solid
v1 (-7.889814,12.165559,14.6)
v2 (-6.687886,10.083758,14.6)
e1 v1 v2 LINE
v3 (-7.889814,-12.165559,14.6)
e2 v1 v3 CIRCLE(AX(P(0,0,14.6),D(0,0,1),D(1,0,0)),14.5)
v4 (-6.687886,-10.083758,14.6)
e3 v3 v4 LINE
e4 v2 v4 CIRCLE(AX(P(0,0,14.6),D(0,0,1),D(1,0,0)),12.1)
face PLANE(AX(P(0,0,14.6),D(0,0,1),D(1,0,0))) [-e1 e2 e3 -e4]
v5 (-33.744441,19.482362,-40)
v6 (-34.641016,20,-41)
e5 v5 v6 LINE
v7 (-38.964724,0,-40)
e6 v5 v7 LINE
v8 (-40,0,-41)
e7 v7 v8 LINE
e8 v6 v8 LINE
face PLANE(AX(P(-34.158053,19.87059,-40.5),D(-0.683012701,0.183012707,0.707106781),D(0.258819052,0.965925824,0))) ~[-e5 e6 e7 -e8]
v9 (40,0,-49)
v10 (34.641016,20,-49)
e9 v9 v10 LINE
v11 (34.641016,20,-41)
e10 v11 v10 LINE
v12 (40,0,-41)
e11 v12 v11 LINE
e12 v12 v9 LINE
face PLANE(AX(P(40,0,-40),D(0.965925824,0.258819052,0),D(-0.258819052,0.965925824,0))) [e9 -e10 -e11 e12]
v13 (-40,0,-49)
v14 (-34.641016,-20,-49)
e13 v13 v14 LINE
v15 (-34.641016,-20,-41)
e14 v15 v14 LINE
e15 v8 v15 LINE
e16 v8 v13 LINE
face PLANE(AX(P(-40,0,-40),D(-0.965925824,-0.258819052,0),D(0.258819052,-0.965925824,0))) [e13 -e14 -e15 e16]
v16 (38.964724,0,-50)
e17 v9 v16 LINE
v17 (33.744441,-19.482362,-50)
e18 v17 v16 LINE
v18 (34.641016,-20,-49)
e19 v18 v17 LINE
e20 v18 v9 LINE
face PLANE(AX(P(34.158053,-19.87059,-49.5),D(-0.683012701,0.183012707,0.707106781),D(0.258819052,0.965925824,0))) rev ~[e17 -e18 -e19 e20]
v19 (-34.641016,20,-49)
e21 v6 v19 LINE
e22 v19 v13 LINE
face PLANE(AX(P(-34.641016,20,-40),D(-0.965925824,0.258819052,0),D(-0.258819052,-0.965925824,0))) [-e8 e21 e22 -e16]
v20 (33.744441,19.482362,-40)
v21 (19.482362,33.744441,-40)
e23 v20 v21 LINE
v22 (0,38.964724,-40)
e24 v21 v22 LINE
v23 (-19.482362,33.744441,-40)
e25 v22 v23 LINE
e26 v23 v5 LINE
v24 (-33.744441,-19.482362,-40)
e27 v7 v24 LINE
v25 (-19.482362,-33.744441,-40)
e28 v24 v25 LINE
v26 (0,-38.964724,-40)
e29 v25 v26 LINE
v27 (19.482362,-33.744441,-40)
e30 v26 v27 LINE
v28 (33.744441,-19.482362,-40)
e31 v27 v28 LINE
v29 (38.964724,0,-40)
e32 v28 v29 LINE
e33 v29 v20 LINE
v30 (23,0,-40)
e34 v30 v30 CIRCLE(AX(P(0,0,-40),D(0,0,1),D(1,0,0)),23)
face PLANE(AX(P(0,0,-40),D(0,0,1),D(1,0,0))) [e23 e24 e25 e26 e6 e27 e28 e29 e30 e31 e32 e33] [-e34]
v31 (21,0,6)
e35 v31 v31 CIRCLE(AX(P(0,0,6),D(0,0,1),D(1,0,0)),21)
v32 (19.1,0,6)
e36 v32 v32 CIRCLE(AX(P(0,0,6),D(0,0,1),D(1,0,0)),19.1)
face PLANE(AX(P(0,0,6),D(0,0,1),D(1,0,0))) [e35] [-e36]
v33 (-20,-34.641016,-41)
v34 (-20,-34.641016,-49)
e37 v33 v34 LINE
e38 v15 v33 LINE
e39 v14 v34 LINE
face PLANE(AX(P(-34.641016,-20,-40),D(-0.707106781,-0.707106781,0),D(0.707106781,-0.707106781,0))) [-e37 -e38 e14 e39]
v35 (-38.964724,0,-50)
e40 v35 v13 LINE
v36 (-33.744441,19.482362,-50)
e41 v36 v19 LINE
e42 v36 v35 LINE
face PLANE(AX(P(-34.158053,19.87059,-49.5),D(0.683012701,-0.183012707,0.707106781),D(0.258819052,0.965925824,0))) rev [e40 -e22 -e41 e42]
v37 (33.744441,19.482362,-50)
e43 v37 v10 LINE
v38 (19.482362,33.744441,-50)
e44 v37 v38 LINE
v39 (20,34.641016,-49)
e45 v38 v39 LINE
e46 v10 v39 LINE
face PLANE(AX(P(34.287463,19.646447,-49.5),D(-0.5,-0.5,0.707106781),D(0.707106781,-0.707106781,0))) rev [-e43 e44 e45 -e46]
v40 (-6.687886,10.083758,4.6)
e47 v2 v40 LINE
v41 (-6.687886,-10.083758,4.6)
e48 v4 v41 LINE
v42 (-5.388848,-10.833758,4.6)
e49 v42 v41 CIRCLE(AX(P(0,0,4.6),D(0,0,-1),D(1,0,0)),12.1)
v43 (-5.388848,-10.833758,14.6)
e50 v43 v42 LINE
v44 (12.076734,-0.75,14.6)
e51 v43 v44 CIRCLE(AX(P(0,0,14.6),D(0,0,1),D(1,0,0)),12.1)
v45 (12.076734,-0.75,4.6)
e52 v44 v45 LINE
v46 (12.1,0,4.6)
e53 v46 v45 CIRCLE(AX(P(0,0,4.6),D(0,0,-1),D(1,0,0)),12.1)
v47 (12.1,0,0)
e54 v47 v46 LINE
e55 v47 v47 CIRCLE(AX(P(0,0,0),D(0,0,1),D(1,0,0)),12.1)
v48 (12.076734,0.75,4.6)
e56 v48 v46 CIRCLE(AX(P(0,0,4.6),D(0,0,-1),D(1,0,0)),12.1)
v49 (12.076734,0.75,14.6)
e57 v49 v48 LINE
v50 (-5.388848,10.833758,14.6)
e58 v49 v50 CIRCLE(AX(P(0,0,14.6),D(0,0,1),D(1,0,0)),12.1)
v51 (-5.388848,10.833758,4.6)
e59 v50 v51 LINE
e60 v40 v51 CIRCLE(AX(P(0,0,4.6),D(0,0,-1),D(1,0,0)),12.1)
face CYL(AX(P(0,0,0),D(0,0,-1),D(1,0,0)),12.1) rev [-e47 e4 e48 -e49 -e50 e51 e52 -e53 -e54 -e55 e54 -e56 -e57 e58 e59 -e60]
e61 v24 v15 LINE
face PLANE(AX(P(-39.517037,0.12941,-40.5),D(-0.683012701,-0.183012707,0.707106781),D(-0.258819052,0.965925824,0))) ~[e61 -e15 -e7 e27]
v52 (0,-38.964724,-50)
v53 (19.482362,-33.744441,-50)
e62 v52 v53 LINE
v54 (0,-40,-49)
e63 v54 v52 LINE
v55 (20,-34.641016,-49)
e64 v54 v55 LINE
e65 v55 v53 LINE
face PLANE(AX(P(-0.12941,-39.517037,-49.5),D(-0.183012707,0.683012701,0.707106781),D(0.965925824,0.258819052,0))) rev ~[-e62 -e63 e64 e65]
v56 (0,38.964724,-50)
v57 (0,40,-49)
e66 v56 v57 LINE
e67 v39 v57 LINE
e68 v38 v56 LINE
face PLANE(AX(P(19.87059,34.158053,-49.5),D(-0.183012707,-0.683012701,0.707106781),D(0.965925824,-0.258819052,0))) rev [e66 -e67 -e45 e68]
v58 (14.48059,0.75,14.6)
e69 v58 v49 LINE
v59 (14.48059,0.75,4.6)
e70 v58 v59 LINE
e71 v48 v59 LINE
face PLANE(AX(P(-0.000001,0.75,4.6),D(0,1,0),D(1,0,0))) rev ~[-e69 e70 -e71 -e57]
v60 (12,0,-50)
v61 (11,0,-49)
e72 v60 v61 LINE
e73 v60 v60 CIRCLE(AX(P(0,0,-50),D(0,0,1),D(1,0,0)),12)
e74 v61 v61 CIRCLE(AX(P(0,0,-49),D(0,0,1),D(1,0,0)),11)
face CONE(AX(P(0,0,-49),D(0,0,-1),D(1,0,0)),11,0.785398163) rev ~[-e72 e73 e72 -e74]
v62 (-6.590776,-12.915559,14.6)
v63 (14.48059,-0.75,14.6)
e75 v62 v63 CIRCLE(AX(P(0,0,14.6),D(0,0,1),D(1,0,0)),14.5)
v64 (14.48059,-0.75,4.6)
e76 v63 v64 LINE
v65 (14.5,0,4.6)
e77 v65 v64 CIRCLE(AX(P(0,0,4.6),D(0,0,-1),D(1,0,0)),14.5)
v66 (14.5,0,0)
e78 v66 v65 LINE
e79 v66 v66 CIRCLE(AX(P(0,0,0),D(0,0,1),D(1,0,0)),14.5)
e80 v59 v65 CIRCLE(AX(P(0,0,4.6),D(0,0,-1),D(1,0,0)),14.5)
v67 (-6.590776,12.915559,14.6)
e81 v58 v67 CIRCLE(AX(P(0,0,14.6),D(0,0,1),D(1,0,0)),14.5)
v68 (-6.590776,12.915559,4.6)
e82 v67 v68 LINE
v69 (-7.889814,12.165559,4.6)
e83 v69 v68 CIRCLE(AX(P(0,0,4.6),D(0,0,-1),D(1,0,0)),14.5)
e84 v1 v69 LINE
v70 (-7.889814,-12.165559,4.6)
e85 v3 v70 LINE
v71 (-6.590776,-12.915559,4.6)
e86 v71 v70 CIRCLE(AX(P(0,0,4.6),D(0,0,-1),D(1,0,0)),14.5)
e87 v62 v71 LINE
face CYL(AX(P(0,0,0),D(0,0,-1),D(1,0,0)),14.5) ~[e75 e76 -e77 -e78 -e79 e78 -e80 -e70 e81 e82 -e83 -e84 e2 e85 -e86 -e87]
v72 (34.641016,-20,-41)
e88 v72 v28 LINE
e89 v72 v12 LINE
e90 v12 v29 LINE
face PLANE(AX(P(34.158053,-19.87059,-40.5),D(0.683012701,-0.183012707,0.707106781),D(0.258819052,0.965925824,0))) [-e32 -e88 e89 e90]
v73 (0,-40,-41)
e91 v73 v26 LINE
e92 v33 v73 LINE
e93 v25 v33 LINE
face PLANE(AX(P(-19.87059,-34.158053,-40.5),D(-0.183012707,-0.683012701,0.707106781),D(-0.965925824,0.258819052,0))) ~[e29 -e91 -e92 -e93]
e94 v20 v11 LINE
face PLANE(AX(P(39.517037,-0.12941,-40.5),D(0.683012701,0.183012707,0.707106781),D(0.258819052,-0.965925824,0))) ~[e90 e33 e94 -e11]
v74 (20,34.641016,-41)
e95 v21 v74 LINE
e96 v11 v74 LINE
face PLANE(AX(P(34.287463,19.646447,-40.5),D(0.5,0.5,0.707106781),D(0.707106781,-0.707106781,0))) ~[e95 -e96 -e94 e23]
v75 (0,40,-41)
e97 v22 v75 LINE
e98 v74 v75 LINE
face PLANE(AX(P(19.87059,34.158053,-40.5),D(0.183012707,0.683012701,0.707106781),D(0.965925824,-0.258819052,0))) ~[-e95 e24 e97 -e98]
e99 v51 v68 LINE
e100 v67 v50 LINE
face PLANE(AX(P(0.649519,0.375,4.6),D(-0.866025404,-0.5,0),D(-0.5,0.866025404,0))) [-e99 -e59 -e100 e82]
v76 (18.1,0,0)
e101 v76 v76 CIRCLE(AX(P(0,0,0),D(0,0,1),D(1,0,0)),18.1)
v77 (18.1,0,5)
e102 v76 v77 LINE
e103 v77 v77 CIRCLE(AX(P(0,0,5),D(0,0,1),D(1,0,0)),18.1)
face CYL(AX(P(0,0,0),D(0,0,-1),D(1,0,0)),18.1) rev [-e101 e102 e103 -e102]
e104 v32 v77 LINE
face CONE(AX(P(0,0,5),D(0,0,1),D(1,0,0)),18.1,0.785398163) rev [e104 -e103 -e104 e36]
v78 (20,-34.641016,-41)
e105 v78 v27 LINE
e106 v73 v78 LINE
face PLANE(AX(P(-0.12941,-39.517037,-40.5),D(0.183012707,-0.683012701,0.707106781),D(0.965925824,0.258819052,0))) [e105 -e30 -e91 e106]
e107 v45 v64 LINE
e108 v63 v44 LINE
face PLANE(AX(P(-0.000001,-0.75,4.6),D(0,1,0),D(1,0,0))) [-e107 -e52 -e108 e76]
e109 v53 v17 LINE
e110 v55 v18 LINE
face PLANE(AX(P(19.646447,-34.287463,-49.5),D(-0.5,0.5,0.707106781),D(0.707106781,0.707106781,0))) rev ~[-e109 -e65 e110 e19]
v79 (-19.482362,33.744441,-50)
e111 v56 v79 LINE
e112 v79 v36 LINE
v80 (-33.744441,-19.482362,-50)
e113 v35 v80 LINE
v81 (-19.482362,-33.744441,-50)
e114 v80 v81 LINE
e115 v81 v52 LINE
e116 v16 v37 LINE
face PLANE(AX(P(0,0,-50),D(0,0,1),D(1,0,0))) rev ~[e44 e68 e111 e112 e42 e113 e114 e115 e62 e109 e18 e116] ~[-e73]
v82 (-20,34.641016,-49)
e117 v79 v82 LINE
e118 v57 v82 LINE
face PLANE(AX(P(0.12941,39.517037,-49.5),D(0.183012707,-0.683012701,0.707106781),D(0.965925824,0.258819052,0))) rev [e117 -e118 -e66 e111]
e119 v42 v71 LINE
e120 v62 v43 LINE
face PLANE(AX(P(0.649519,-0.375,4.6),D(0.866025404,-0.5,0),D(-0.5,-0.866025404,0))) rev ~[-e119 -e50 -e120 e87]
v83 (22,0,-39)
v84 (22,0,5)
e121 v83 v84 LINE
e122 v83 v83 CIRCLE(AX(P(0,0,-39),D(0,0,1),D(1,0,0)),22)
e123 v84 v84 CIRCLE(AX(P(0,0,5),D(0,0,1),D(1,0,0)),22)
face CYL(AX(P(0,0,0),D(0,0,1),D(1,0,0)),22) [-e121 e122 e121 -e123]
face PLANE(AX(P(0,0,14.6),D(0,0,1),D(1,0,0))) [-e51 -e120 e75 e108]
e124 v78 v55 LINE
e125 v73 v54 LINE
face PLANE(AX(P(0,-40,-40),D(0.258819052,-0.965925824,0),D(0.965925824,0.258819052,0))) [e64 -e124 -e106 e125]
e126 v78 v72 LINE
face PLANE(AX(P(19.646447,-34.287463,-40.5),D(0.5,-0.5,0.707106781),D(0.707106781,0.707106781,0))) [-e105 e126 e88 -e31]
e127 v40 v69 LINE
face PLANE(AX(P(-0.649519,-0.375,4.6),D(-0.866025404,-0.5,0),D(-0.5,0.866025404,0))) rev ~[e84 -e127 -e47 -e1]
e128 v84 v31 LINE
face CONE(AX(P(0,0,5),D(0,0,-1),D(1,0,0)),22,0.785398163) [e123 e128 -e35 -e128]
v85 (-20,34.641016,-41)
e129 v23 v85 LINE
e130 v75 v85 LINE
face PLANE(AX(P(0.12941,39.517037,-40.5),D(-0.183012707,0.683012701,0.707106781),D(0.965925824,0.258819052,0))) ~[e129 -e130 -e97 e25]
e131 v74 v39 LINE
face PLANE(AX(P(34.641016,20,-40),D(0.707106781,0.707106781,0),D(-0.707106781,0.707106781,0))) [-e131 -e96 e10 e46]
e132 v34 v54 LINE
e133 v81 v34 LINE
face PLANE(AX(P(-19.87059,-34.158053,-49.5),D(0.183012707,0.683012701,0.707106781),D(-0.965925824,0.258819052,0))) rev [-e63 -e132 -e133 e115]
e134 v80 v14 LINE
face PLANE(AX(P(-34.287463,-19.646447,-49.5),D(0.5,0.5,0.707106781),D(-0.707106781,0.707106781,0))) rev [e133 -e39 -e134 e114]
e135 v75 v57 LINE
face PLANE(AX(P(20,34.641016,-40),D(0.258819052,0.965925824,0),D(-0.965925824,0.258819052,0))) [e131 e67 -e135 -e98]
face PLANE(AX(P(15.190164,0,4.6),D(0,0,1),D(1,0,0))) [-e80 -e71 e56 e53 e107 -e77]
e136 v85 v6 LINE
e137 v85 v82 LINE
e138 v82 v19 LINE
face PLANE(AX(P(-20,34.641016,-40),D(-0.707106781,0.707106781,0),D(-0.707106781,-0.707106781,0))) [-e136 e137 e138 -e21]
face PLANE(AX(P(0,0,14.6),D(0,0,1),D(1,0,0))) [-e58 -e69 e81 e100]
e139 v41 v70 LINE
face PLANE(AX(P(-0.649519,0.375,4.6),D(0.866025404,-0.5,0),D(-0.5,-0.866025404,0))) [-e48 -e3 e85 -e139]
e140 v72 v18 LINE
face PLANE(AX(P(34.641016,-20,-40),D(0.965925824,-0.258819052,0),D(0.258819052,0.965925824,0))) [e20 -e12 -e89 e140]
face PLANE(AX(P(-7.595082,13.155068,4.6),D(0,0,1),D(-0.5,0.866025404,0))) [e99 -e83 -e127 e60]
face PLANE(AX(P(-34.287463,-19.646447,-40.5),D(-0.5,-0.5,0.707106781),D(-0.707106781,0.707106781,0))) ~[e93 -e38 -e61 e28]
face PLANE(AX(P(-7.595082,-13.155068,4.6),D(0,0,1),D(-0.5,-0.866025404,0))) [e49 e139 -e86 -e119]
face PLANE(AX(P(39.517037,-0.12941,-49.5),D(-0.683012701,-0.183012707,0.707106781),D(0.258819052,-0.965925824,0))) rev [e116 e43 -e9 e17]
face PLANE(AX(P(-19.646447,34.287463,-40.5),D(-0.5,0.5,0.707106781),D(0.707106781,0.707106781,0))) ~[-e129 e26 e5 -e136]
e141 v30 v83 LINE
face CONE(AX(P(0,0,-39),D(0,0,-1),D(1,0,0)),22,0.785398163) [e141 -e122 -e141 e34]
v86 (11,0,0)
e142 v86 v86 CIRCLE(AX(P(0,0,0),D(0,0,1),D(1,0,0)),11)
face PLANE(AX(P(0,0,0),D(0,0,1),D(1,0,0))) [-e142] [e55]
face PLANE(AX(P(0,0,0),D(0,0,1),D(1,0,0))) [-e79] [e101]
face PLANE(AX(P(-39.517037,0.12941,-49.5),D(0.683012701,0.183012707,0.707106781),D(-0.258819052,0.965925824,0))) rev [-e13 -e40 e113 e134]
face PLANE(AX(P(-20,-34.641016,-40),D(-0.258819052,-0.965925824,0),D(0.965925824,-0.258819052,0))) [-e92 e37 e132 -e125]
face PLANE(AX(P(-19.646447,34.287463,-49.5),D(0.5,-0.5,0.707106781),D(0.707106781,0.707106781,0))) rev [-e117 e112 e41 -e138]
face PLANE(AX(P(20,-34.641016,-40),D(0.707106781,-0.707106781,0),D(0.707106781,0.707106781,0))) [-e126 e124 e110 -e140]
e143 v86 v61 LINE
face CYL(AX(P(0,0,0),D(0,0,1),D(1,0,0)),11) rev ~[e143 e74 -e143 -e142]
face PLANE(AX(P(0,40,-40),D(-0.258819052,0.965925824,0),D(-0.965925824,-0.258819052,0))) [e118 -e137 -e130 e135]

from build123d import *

# Parameters (mm, degrees)
SKETCH_R             = 14.5
SKETCH_R_2           = 12.1
PAD_DEPTH            = 14.6
SKETCH001_W          = 30.380329
SKETCH001_H          = 1.5
POCKET_DEPTH         = 97.067871
POLARPATTERN_COUNT   = 3
SKETCH003_R          = 22
PAD001_DEPTH         = 40
SKETCH004_R          = 22
SKETCH004_R_2        = 18.1
PAD002_DEPTH         = 6
PAD003_DEPTH         = 10
SKETCH005_R          = 11
POCKET001_DEPTH      = 50.001
POCKET001_DEPTH_BACK = 14.601
CHAMFER_SIZE         = 1


with BuildPart() as part:
    # Sketch → Pad (new body)
    with BuildSketch(Plane.XY):
        Circle(SKETCH_R)
        Circle(SKETCH_R_2, mode=Mode.SUBTRACT)
    extrude(amount=PAD_DEPTH)

    # Sketch001 → Pocket (cut, through all)
    with BuildSketch(Plane.XY.offset(4.6)):
        with Locations((15.190164, 0)):
            Rectangle(SKETCH001_W, SKETCH001_H)
    pocket = extrude(amount=POCKET_DEPTH, mode=Mode.SUBTRACT)

    # PolarPattern: Pocket ×3 about axis
    polarpattern_axis = Axis((0, 0, 4.6), (0, 0, 1))
    for i in range(1, POLARPATTERN_COUNT):
        add(pocket.rotate(polarpattern_axis, i * 360 / POLARPATTERN_COUNT), mode=Mode.SUBTRACT)

    # Sketch003 → Pad001 (join)
    with BuildSketch(Plane.XY):
        Circle(SKETCH003_R)
    extrude(amount=-PAD001_DEPTH)

    # Sketch004 → Pad002 (join)
    with BuildSketch(Plane.XY):
        Circle(SKETCH004_R)
        Circle(SKETCH004_R_2, mode=Mode.SUBTRACT)
    extrude(amount=PAD002_DEPTH)

    # Sketch002 → Pad003 (join)
    with BuildSketch(Plane.XY.offset(-40)):
        Polygon((20, -34.641016), (34.641016, -20), (40, 0), (34.641016, 20), (20, 34.641016), (0, 40), (-20, 34.641016), (-34.641016, 20), (-40, 0), (-34.641016, -20), (-20, -34.641016), (0, -40), align=None)
    extrude(amount=-PAD003_DEPTH)

    # Sketch005 → Pocket001 (cut, two sides)
    with BuildSketch(Plane.XY) as pocket001_sk:
        Circle(SKETCH005_R)
    extrude(amount=-POCKET001_DEPTH, mode=Mode.SUBTRACT)
    extrude(pocket001_sk.sketch, amount=POCKET001_DEPTH_BACK, mode=Mode.SUBTRACT)

    # Chamfer
    chamfer_edges = [part.edges().sort_by_distance(p)[0] for p in [
        (27.320508, -27.320508, -50),
        (10, -37.320508, -50),
        (37.320508, -10, -50),
        (-10, -37.320508, -50),
        (37.320508, 10, -50),
        (-27.320508, -27.320508, -50),
        (27.320508, 27.320508, -50),
        (-37.320508, -10, -50),
        (10, 37.320508, -50),
        (-37.320508, 10, -50),
        (-10, 37.320508, -50),
        (-27.320508, 27.320508, -50),
        (-11, 0, -50),
        (27.320508, -27.320508, -40),
        (10, -37.320508, -40),
        (37.320508, -10, -40),
        (-10, -37.320508, -40),
        (37.320508, 10, -40),
        (-27.320508, -27.320508, -40),
        (27.320508, 27.320508, -40),
        (-37.320508, -10, -40),
        (10, 37.320508, -40),
        (-37.320508, 10, -40),
        (-10, 37.320508, -40),
        (-27.320508, 27.320508, -40),
        (-22, 0, -40),
        (-22, 0, 6),
        (-18.1, 0, 6),
    ]]
    chamfer(chamfer_edges, length=CHAMFER_SIZE)


solid = part.part
